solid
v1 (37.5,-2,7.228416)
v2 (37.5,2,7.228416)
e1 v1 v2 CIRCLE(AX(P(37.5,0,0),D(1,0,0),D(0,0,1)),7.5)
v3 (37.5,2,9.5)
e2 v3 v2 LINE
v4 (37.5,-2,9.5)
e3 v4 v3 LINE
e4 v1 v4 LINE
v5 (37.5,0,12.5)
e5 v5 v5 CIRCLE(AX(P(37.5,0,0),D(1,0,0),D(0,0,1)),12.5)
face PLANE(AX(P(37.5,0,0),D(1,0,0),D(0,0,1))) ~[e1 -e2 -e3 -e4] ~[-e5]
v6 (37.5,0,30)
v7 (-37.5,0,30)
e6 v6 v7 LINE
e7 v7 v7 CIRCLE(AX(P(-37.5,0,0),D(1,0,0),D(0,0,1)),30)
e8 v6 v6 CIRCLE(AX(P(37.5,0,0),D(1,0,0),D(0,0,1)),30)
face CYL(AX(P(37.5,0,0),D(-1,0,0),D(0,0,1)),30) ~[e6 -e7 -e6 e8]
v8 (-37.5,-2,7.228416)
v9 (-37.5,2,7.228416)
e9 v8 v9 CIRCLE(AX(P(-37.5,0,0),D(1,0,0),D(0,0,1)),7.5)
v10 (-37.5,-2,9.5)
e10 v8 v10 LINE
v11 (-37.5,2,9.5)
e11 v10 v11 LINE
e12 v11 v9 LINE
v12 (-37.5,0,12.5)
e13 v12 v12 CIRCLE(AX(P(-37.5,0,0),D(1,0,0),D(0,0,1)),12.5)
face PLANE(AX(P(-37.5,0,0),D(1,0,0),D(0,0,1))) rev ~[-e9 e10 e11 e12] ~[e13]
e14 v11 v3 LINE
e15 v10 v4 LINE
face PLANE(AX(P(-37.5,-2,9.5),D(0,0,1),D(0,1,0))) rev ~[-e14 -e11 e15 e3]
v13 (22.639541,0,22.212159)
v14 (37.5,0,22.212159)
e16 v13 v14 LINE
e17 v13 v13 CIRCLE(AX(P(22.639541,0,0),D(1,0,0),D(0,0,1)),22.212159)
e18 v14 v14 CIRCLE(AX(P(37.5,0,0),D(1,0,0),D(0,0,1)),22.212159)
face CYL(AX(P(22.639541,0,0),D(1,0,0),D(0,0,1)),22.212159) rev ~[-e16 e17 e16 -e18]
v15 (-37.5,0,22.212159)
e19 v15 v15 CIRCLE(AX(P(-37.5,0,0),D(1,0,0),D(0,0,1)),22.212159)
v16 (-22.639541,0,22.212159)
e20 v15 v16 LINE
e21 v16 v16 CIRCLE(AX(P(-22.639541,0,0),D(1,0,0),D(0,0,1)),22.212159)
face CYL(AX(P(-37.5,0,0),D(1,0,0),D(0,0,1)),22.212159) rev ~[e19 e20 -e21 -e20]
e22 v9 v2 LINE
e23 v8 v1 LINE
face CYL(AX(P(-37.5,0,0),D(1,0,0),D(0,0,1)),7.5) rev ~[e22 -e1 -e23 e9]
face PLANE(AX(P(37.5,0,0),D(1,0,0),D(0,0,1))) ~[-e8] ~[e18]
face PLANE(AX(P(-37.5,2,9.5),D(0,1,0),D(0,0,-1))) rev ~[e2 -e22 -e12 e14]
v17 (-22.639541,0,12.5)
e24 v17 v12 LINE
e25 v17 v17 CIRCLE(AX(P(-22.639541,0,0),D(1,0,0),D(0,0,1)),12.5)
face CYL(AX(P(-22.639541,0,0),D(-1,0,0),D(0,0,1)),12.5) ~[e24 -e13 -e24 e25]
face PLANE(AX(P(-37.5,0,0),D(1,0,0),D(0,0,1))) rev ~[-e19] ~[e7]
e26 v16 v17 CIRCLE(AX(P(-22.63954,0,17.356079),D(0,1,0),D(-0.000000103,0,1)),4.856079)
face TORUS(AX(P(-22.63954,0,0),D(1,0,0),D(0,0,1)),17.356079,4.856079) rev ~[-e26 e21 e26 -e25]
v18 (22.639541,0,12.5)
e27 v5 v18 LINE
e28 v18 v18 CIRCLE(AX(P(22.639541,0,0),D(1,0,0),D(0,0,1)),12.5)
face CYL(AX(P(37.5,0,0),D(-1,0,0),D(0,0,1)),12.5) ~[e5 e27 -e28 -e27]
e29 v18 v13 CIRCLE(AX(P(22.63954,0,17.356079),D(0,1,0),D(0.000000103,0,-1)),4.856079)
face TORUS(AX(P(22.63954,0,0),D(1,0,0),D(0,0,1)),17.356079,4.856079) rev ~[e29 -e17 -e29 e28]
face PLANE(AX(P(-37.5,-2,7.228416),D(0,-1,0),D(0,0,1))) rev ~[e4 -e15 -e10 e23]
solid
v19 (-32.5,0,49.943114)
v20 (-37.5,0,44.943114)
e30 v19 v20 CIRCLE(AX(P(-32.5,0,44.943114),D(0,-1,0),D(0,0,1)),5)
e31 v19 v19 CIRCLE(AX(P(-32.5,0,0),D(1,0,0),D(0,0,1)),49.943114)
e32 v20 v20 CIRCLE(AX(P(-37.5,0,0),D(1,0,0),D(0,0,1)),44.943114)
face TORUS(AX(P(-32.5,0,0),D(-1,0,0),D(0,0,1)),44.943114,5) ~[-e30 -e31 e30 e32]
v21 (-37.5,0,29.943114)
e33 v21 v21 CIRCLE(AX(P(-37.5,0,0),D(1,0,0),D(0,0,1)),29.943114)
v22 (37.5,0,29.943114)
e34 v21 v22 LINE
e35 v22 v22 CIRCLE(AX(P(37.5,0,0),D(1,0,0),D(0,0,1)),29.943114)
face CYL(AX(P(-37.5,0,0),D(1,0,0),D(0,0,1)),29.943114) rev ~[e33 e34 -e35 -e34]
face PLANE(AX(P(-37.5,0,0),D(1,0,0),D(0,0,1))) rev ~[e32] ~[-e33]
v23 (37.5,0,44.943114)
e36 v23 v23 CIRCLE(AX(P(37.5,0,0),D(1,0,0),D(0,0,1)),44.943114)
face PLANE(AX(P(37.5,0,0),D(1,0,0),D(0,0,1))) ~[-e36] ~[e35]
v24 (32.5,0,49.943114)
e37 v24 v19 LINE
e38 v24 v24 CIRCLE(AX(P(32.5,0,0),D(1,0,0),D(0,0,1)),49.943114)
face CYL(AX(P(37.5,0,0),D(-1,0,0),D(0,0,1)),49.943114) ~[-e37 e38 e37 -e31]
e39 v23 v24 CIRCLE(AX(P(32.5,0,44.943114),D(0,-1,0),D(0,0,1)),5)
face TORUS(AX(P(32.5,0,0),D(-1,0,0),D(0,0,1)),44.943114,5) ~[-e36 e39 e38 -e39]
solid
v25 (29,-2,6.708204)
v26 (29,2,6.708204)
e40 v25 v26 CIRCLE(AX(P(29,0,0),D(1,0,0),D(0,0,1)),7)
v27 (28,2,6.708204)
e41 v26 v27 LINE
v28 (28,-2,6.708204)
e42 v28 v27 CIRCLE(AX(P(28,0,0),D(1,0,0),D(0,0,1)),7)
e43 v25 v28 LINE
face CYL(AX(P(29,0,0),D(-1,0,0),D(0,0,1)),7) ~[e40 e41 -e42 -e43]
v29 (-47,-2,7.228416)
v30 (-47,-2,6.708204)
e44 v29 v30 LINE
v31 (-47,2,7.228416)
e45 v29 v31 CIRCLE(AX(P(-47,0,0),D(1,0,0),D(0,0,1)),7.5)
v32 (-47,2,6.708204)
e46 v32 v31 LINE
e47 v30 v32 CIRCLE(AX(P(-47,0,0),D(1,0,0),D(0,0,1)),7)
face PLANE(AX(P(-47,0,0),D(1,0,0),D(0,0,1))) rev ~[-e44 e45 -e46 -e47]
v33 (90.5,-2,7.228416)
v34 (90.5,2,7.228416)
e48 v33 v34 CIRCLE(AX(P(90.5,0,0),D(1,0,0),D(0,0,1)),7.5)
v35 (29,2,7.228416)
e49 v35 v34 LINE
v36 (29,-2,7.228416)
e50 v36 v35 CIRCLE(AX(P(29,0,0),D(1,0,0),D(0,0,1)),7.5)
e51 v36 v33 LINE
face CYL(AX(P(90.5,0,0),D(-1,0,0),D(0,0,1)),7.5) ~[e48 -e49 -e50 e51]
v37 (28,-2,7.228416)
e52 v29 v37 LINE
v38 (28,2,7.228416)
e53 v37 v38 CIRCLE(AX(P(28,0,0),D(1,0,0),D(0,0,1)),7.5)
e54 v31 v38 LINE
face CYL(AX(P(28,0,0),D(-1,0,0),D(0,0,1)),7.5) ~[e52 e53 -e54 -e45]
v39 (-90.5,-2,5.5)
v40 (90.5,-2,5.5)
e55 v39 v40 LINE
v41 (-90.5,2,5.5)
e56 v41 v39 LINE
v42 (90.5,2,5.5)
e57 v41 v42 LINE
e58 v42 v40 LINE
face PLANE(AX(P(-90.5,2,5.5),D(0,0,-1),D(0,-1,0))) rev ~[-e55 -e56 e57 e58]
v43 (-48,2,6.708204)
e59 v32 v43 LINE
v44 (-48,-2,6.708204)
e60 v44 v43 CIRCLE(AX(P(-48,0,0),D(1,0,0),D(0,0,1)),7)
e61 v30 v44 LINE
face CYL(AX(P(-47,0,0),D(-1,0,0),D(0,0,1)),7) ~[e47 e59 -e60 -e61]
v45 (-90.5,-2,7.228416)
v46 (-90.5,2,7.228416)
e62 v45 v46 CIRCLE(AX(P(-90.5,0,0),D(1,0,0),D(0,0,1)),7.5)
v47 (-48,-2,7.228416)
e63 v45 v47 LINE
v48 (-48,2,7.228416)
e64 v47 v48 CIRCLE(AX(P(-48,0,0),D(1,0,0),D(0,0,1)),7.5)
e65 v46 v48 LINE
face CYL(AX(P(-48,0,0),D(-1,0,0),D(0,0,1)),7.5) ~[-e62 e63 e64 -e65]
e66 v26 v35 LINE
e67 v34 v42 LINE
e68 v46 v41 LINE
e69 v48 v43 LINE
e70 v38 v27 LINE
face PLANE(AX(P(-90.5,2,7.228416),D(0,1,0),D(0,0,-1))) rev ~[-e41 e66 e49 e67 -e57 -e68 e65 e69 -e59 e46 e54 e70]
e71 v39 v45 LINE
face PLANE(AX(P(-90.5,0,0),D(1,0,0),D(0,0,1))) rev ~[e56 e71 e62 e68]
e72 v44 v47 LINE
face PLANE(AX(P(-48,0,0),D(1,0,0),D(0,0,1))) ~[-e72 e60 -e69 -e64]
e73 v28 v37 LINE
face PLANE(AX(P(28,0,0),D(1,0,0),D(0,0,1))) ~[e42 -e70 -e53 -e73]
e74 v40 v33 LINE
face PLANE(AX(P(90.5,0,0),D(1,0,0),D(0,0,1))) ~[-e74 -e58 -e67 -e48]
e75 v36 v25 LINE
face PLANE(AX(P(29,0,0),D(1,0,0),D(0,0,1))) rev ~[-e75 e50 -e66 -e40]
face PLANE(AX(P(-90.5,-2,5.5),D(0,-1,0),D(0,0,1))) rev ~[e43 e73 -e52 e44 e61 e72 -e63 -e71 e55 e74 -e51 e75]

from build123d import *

# Parameters (mm, degrees)
F3_DEPTH = 181.001
F7_DEPTH = 128.001
F10_R    = 5


with BuildPart() as f1:
    # F0 (on Front) → F1 (revolve)
    with BuildSketch(Plane.XZ):
        Polygon((-90.5, 7.5), (-90.5, 0), (90.5, 0), (90.5, 7.5), (29, 7.5), (29, 7), (28, 7), (28, 7.5), (-9, 7.5), (-10, 7.5), (-47, 7.5), (-47, 7), (-48, 7), (-48, 7.5), align=None)
    revolve(axis=Axis((0, 0, 0), (1, 0, 0)))

    # F2 (on face) → F3 (cut, through all)
    with BuildSketch(Plane(origin=(-90.5, 0, 0), x_dir=(0, -1, 0), z_dir=(-1, 0, 0))):
        with BuildLine():
            ThreePointArc((2, 7.228416), (0, 7.5), (-2, 7.228416))
            Line((-2, 7.228416), (-2, 5.5))
            Line((-2, 5.5), (2, 5.5))
            Line((2, 5.5), (2, 7.228416))
        make_face()
    extrude(amount=-F3_DEPTH, mode=Mode.SUBTRACT)


with BuildPart() as f5:
    # F4 (on Front) → F5 (revolve)
    with BuildSketch(Plane.XZ):
        with BuildLine():
            Line((-37.5, 7.5), (0, 7.5))
            Line((0, 7.5), (37.5, 7.5))
            Line((37.5, 7.5), (37.5, 12.5))
            Line((37.5, 12.5), (22.639541, 12.5))
            ThreePointArc((22.639541, 12.5), (17.783461, 17.35608), (22.639541, 22.212159))
            Line((22.639541, 22.212159), (37.5, 22.212159))
            Line((37.5, 22.212159), (37.5, 30))
            Line((37.5, 30), (0, 30))
            Line((0, 30), (-37.5, 30))
            Line((-37.5, 30), (-37.5, 22.212159))
            Line((-37.5, 22.212159), (-22.639541, 22.212159))
            ThreePointArc((-22.639541, 22.212159), (-17.783461, 17.35608), (-22.639541, 12.5))
            Line((-22.639541, 12.5), (-37.5, 12.5))
            Line((-37.5, 12.5), (-37.5, 7.5))
        make_face()
    revolve(axis=Axis((0, 0, 0), (1, 0, 0)))

    # F6 (on face) → F7 (cut, through all)
    with BuildSketch(Plane(origin=(-37.5, 0, 0), x_dir=(0, -1, 0), z_dir=(-1, 0, 0))):
        with BuildLine():
            Line((2, 9.5), (-2, 9.5))
            Line((-2, 9.5), (-2, 7.228416))
            ThreePointArc((-2, 7.228416), (0, 7.5), (2, 7.228416))
            Line((2, 7.228416), (2, 9.5))
        make_face()
    extrude(amount=-F7_DEPTH, mode=Mode.SUBTRACT)


with BuildPart() as f9:
    # F8 (on Front) → F9 (revolve)
    with BuildSketch(Plane.XZ):
        Polygon((-37.5, 29.943114), (0, 29.943114), (37.5, 29.943114), (37.5, 49.943114), (-37.5, 49.943114), align=None)
    revolve(axis=Axis((0, 0, 0), (1, 0, 0)))

    # F10
    f10_edges = [f9.edges().sort_by_distance(p)[0] for p in [
        (-37.5, 0, -49.943114),
        (37.5, 0, -49.943114),
    ]]
    fillet(f10_edges, radius=F10_R)


solid = Compound([f1.part, f5.part, f9.part])
